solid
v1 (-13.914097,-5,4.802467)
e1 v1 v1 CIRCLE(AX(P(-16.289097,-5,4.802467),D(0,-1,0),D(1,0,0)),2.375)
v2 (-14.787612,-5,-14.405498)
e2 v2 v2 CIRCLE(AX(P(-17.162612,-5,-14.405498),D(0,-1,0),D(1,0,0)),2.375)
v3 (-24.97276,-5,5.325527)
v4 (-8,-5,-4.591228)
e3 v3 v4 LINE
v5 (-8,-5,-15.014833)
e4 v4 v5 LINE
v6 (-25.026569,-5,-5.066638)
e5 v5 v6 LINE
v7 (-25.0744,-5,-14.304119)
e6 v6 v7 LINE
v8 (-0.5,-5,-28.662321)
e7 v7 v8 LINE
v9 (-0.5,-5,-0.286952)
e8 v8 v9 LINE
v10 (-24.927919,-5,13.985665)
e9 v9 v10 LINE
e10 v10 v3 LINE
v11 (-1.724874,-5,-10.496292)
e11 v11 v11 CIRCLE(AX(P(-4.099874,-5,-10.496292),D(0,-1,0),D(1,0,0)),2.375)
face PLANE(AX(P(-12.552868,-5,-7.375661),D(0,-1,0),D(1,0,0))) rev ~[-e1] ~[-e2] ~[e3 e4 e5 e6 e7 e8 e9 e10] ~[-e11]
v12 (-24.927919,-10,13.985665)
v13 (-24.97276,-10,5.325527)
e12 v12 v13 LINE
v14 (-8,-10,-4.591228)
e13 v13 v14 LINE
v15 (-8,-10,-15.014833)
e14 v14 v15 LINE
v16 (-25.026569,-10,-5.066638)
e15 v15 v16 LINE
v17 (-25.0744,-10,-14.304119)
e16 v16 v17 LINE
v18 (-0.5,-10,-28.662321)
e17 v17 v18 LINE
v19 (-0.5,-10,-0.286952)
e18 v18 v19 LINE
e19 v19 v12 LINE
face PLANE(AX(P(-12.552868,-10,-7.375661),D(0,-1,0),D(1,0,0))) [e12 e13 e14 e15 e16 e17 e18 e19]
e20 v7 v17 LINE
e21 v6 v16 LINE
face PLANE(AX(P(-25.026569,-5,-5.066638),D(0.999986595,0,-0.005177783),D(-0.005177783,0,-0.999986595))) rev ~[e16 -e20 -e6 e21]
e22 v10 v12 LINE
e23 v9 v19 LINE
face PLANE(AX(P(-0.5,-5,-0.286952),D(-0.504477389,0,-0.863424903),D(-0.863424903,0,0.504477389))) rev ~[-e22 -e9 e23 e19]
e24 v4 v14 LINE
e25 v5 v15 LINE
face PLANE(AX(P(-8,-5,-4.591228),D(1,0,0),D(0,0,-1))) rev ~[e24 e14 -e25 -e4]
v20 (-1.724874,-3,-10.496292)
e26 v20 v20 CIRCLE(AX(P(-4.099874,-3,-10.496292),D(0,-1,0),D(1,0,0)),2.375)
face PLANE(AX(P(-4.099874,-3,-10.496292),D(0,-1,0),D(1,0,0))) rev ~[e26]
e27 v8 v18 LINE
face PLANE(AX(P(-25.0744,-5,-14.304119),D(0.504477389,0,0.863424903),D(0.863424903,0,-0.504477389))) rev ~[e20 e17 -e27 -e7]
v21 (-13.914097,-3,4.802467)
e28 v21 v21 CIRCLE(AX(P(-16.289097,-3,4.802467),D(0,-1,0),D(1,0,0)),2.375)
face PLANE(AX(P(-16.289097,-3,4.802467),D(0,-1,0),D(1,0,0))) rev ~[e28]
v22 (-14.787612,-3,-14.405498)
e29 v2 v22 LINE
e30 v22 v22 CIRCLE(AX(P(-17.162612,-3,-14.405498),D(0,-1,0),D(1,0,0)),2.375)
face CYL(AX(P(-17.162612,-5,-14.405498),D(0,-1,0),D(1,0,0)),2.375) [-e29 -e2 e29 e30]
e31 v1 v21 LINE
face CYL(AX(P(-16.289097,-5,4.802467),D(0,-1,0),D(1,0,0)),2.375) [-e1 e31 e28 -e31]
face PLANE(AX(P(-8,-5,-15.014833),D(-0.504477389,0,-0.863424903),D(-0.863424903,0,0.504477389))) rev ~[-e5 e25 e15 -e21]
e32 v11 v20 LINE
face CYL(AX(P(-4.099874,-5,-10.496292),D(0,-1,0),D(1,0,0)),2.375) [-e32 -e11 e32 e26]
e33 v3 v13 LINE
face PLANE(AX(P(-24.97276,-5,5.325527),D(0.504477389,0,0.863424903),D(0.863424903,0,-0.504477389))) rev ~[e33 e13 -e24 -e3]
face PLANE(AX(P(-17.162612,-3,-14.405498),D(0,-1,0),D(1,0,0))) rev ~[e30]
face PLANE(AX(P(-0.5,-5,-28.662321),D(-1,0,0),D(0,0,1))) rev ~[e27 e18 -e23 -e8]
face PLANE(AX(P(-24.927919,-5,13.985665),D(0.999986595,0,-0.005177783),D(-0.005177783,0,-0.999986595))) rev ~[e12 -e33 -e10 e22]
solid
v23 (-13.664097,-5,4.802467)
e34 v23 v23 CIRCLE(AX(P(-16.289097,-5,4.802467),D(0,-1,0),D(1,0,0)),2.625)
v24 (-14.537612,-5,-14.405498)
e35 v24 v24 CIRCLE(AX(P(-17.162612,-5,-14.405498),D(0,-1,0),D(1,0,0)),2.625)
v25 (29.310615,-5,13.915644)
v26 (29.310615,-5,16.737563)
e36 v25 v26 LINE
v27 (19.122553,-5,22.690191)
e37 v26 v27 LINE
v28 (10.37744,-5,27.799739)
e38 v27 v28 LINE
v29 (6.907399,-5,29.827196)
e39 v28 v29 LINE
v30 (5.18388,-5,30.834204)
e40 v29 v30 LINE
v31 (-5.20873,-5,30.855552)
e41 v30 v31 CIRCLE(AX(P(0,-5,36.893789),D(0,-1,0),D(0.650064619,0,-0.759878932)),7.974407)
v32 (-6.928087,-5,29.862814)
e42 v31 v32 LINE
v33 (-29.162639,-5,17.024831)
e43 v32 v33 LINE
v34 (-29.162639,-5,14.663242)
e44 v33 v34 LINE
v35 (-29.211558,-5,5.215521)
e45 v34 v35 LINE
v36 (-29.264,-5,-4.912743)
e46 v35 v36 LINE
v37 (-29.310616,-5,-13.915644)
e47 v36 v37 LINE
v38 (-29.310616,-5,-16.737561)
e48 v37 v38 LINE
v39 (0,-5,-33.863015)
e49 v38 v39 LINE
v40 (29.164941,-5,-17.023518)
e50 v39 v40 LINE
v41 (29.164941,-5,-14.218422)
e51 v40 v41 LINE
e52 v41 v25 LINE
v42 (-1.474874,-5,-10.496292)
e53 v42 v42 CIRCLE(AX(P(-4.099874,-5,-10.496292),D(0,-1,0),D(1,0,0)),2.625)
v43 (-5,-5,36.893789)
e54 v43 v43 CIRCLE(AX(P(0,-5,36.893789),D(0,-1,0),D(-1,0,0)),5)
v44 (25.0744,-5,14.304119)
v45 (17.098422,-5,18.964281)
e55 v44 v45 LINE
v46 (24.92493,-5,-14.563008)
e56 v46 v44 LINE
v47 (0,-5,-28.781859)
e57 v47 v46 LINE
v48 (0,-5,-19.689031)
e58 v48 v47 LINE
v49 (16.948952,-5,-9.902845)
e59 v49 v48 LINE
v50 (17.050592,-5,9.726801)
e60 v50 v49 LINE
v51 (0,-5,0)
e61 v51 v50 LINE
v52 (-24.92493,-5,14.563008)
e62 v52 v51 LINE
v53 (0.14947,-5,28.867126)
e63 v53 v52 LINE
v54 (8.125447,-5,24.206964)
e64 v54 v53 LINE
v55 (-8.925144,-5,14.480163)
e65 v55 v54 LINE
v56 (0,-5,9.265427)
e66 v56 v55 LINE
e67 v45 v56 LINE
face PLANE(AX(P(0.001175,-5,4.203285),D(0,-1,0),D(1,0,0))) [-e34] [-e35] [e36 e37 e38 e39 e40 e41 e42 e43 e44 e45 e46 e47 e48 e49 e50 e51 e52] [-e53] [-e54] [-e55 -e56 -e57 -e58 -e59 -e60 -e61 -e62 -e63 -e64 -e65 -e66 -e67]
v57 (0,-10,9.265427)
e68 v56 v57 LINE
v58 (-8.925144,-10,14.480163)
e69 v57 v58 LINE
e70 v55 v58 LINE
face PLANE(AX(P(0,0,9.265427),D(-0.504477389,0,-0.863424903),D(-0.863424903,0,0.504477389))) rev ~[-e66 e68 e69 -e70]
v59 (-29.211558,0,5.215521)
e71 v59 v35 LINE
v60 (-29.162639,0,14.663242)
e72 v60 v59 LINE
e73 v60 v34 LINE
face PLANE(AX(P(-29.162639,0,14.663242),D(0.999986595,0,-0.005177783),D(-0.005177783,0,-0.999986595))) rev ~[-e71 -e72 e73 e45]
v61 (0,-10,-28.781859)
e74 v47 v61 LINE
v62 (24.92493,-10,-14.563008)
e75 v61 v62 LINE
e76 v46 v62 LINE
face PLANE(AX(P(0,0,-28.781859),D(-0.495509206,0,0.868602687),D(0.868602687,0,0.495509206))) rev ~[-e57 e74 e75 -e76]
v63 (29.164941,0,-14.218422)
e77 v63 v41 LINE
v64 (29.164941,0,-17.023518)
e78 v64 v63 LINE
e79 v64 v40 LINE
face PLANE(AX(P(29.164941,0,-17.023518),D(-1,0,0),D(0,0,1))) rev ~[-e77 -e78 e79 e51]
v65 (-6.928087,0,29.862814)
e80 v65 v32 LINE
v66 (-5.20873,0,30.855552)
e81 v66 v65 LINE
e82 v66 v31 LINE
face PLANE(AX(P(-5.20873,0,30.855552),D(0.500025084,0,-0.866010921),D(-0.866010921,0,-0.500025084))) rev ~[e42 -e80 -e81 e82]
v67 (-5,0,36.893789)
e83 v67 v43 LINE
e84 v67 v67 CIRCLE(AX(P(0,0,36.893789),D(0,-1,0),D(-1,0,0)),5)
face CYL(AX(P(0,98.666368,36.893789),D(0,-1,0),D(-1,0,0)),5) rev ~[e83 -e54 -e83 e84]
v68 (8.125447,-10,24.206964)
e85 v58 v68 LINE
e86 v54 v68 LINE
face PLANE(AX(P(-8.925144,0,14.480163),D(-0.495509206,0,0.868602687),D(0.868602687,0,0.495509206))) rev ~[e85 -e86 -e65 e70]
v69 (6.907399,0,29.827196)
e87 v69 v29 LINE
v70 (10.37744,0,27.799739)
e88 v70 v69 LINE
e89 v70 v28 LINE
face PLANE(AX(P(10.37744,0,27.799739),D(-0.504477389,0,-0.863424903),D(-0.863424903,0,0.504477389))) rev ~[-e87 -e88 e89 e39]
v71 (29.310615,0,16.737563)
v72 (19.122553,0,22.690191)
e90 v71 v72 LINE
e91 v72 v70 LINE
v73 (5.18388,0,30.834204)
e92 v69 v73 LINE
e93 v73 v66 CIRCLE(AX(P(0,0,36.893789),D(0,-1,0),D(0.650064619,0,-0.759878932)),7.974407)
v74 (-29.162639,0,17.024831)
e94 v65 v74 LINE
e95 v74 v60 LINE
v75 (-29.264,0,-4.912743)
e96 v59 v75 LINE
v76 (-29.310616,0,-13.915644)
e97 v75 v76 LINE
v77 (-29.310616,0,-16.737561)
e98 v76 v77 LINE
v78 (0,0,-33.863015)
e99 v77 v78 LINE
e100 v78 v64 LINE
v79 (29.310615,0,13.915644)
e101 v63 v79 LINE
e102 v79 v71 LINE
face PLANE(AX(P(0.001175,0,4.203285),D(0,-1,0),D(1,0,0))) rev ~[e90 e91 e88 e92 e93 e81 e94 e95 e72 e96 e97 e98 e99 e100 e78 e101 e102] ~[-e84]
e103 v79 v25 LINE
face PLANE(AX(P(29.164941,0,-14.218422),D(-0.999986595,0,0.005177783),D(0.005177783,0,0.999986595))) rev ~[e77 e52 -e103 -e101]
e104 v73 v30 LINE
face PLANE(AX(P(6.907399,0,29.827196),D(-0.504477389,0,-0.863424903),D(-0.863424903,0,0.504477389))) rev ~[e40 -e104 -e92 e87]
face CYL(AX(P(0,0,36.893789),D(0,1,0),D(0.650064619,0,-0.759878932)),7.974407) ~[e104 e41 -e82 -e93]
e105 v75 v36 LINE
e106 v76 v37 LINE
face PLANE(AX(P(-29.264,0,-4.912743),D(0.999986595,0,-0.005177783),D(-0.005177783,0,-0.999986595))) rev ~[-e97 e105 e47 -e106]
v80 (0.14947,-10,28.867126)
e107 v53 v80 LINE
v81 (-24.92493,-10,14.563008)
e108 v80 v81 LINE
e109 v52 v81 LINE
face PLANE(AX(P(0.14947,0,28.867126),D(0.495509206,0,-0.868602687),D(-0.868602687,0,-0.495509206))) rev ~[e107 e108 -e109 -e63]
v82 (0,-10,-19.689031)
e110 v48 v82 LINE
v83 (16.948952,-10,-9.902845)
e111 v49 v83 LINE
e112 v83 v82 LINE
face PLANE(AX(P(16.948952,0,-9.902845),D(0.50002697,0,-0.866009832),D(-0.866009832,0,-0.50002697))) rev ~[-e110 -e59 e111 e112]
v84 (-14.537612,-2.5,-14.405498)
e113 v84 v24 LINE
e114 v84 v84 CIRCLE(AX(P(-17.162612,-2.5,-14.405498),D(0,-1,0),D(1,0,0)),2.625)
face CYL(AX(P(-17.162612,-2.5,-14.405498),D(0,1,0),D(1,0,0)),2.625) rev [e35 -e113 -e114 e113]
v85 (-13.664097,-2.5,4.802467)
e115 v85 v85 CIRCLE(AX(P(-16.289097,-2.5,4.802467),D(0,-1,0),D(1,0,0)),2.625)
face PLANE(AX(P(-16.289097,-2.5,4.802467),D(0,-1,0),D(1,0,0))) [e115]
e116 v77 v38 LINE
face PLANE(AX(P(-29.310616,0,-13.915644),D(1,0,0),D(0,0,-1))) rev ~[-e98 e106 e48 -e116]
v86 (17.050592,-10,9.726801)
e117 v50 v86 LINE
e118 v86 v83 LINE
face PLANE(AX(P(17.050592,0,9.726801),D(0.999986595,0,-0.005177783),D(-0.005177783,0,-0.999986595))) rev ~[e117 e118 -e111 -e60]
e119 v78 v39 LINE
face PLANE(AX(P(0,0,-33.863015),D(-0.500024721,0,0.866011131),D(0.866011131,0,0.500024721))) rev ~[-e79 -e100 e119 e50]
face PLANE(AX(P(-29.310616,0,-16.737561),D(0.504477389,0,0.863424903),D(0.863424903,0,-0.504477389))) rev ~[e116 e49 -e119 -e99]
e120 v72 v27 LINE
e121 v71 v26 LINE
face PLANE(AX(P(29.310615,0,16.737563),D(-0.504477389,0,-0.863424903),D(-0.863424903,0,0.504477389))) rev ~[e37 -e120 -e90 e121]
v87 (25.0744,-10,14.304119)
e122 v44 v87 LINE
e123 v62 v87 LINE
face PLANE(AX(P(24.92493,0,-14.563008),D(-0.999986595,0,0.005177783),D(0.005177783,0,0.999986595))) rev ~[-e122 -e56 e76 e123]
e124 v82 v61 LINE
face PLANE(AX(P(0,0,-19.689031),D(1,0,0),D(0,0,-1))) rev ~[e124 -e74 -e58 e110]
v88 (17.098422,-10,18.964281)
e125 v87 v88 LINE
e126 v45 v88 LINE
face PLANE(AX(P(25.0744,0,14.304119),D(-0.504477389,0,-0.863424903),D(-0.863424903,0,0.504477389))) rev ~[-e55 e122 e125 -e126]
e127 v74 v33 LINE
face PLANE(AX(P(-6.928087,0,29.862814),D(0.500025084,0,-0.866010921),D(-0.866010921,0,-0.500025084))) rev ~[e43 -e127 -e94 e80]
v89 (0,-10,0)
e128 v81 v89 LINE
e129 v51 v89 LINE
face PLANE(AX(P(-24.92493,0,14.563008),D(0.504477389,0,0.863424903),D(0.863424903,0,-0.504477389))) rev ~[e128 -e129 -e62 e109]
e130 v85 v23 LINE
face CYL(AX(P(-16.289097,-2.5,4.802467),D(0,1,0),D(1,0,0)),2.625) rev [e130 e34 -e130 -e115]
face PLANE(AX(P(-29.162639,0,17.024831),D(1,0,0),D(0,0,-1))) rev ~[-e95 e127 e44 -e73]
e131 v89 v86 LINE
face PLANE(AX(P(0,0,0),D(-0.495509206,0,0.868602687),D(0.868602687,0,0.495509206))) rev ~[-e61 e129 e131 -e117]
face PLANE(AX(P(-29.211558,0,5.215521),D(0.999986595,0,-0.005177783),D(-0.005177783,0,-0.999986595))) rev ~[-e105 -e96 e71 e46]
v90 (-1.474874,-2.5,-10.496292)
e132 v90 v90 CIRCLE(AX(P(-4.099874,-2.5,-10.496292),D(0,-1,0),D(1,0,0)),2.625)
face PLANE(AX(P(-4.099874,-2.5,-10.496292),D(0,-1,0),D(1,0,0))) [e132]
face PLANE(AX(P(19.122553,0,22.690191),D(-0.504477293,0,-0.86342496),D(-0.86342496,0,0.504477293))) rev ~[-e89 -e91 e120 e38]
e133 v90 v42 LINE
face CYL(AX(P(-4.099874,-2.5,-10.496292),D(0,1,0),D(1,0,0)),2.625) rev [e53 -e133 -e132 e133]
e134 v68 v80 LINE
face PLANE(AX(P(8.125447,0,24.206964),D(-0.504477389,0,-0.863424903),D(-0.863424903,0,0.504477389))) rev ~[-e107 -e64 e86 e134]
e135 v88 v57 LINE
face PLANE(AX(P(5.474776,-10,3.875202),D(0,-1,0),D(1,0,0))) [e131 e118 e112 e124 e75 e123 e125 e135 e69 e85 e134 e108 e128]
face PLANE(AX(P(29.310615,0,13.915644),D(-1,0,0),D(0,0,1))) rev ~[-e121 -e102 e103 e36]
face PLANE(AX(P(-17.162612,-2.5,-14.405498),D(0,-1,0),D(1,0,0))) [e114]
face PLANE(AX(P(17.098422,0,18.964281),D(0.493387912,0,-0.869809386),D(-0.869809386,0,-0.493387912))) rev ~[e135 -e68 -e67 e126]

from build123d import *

# Parameters (mm, degrees)
F1_DEPTH  = 10
F3_DEPTH  = 5
F5_D      = 10
F8_DEPTH  = 5
F9_R      = 2.375
F10_DEPTH = 2
F12_R     = 2.625
F13_DEPTH = 2.5


with BuildPart() as f1:
    # F0 (on Front) → F1 (new body)
    with BuildSketch(Plane.XZ):
        Polygon((0, -28.7818589424), (24.9249300158, -14.5630078294), (25.0743997437, 14.3041186666), (17.0984221386, 18.964281172), (0, 9.2654265239), (-8.9251444928, 14.4801632973), (8.1254473329, 24.2069639906), (0.1494697278, 28.867126496), (-24.9249300158, 14.5630078294), (0, 0), (17.0505918257, 9.7268006933), (16.9489524108, -9.902845324), (0, -19.6890313633), align=None)
    extrude(amount=F1_DEPTH)

    # F2 (on Front) → F3 (join)
    with BuildSketch(Plane.XZ):
        with BuildLine():
            Line((29.310615077, 16.7375632336), (19.1225525955, 22.6901911283))
            Line((19.1225525955, 22.6901911283), (10.3774396625, 27.7997386882))
            Line((10.3774396625, 27.7997386882), (6.907399226, 29.8271957769))
            Line((6.907399226, 29.8271957769), (5.1838801546, 30.8342044912))
            ThreePointArc((5.1838801546, 30.8342044912), (0.0163801689, 44.8681793749), (-5.208730248, 30.8555519172))
            Line((-5.208730248, 30.8555519172), (-6.9280873675, 29.8628142188))
            Line((-6.9280873675, 29.8628142188), (-29.1626386522, 17.0248313374))
            Line((-29.1626386522, 17.0248313374), (-29.1626386522, 14.6632419108))
            Line((-29.1626386522, 14.6632419108), (-29.2115575603, 5.2155207649))
            Line((-29.2115575603, 5.2155207649), (-29.2640002175, -4.9127429423))
            Line((-29.2640002175, -4.9127429423), (-29.3106159128, -13.9156440154))
            Line((-29.3106159128, -13.9156440154), (-29.3106159128, -16.7375610477))
            Line((-29.3106159128, -16.7375610477), (0, -33.8630145094))
            Line((0, -33.8630145094), (29.1649410292, -17.0235179072))
            Line((29.1649410292, -17.0235179072), (29.1649410292, -14.2184218337))
            Line((29.1649410292, -14.2184218337), (29.310615077, 13.9156440197))
            Line((29.310615077, 13.9156440197), (29.310615077, 16.7375632336))
        make_face()
    extrude(amount=F3_DEPTH)

    # F5 (through all)
    with Locations(Plane(origin=(0, 0, 0), x_dir=(1, 0, 0), z_dir=(0, 1, 0))):
        with Locations((0, -36.8937887251)):
            Hole(F5_D / 2)

    # F12 (on offset) → F13 (cut)
    with BuildSketch(Plane.XZ.offset(2.5)):
        with Locations((-16.2890967273, 4.8024673149)):
            Circle(F12_R)
        with Locations((-4.099873935, -10.4962924677)):
            Circle(F12_R)
        with Locations((-17.1626120781, -14.4054982309)):
            Circle(F12_R)
    extrude(amount=F13_DEPTH, mode=Mode.SUBTRACT)


with BuildPart() as f8:
    # F7 (on offset) → F8 (new body)
    with BuildSketch(Plane.XZ.offset(5)):
        Polygon((-25.0743997437, -14.3041186666), (-0.5, -28.6623205007), (-0.5, -0.2869517712), (-24.9279194104, 13.9856652995), (-24.9727603287, 5.3255273507), (-8, -4.5912283392), (-8, -15.0148331786), (-25.0265694308, -5.0666381879), align=None)
    extrude(amount=F8_DEPTH)

    # F9 (on offset) → F10 (join)
    with BuildSketch(Plane.XZ.offset(5)):
        with Locations((-16.2890967273, 4.8024673149)):
            Circle(F9_R)
        with Locations((-17.1626120781, -14.4054982309)):
            Circle(F9_R)
        with Locations((-4.099873935, -10.4962924677)):
            Circle(F9_R)
    extrude(amount=-F10_DEPTH)


solid = Compound([f1.part, f8.part])
